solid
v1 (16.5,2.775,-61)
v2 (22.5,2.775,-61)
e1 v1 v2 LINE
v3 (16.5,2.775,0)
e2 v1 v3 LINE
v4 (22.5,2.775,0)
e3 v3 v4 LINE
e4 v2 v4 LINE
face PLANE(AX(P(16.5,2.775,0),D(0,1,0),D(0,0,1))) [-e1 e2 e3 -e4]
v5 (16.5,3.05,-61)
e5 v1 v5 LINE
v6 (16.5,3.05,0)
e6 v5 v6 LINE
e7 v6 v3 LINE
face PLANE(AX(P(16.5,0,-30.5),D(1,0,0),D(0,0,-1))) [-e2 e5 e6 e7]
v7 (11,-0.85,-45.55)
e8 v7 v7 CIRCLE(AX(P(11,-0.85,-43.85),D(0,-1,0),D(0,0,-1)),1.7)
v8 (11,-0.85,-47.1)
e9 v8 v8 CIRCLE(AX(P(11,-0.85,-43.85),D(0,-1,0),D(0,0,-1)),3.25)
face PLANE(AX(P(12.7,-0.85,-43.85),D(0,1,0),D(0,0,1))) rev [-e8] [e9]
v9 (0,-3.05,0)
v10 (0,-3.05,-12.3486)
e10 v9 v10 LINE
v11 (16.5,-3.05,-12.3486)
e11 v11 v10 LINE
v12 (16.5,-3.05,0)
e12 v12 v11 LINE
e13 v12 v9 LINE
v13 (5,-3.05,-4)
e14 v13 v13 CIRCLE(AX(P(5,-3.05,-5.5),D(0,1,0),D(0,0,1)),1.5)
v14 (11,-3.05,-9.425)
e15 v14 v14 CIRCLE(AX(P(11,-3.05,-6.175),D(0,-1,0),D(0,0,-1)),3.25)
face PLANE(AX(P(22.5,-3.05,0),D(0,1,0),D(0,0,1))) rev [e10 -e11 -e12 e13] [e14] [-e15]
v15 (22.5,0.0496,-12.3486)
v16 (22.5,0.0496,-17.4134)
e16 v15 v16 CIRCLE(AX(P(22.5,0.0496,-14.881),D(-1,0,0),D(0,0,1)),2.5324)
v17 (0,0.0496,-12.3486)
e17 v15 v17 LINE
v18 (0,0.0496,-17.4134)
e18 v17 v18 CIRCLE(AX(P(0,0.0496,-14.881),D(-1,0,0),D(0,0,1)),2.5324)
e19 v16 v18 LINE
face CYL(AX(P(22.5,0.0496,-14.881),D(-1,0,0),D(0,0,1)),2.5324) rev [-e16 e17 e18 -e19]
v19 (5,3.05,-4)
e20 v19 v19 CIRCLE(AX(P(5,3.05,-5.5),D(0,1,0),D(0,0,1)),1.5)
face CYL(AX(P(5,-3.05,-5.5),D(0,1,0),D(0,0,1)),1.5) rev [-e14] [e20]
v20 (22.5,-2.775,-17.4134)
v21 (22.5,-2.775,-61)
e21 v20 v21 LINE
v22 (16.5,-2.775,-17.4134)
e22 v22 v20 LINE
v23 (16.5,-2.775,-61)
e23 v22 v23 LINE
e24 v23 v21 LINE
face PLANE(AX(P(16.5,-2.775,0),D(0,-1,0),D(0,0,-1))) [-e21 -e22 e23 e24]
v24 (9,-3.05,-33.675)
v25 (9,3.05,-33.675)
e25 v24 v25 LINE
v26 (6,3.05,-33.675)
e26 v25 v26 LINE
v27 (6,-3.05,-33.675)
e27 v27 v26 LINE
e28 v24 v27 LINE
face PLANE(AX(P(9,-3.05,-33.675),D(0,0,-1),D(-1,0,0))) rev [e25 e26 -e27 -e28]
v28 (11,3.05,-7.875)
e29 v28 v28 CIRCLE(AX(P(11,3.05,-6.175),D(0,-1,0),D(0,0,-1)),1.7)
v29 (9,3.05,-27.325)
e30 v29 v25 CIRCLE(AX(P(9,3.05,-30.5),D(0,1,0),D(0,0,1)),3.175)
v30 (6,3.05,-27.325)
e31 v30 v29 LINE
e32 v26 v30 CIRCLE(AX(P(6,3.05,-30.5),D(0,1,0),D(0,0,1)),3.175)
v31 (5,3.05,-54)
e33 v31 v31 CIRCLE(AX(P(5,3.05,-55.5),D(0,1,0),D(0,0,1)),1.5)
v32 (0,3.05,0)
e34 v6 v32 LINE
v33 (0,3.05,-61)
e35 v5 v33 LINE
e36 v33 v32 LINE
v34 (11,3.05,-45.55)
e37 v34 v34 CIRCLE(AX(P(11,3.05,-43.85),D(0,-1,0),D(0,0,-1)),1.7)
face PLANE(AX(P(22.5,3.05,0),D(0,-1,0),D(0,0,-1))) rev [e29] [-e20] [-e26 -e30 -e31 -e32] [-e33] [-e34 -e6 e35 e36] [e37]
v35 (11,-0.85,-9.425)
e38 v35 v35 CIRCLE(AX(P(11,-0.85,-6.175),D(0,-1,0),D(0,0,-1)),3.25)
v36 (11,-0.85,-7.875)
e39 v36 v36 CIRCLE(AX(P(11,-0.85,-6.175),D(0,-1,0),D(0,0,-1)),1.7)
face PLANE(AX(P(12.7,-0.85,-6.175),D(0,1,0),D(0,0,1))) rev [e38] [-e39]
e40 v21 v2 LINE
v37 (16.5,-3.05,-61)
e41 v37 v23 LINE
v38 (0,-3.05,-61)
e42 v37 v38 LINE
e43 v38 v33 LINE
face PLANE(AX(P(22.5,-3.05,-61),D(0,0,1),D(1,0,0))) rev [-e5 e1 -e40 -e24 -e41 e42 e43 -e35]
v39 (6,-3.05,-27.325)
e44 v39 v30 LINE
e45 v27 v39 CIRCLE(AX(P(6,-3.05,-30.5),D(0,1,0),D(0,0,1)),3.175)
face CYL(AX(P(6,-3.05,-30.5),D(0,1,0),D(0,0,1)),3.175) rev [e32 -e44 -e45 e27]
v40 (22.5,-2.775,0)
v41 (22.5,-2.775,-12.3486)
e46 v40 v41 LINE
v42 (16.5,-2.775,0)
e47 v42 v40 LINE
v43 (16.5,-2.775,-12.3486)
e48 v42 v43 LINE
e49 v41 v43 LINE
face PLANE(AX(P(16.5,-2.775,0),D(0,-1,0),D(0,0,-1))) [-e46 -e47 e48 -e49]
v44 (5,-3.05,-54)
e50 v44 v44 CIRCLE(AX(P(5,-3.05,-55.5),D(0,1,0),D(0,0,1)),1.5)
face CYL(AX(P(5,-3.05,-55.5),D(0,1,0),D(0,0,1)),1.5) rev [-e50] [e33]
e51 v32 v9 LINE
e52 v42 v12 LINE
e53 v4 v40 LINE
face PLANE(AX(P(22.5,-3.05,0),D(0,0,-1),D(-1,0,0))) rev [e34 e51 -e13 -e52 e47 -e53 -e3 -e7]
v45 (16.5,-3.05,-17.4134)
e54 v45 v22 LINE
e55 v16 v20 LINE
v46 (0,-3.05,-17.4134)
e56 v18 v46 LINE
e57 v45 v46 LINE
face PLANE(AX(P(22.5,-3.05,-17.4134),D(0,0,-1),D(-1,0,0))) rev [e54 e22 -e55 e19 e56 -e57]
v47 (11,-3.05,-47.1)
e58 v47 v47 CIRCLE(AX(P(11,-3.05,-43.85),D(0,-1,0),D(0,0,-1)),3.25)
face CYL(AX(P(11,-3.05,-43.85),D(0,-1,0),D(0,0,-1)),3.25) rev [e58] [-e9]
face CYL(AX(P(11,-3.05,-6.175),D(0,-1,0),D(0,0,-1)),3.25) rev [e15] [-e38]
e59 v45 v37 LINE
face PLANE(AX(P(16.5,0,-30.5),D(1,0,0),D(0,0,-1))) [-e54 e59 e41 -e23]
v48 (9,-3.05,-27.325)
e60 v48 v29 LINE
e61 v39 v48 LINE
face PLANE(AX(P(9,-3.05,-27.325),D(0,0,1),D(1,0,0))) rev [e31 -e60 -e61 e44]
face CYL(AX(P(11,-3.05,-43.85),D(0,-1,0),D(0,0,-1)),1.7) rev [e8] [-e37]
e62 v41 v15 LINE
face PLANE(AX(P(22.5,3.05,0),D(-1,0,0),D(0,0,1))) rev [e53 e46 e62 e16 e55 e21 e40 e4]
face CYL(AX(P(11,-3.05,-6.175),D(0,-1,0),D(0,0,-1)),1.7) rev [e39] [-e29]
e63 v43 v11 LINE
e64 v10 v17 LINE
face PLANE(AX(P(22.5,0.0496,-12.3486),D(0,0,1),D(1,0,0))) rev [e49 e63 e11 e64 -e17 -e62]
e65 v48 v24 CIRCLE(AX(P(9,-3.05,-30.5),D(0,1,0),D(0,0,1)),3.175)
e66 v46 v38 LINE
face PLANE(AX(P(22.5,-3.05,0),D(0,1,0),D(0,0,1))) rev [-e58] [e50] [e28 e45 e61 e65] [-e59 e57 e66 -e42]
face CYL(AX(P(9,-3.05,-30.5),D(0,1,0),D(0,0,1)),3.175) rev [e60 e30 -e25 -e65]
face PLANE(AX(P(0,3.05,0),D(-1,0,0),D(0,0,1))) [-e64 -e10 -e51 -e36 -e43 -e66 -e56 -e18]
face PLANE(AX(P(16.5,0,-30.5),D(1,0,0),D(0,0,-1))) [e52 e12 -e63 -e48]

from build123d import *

# Parameters (mm, degrees)
SKETCH1_W                                        = 61
SKETCH1_H                                        = 6.1
BOSS_EXTRUDE1_DEPTH                              = 22.5
SKETCH2_OUTSIDE_W                                = 76.06
SKETCH2_OUTSIDE_H                                = 21.16
SKETCH2_OUTSIDE_W_2                              = 61
SKETCH2_OUTSIDE_H_2                              = 5.55
CUT_EXTRUDE1_DEPTH                               = 6
CUT_EXTRUDE3_DEPTH                               = 23.5
CUT_EXTRUDE4_DEPTH                               = 7.1
SKETCH7_R                                        = 1.5
CUT_EXTRUDE5_DEPTH                               = 7.1
CBORE_FOR_M3_PAN_HEAD_MACHINE_SCREW2_D           = 3.4
CBORE_FOR_M3_PAN_HEAD_MACHINE_SCREW2_CBORE_D     = 6.5
CBORE_FOR_M3_PAN_HEAD_MACHINE_SCREW2_CBORE_DEPTH = 2.2


with BuildPart() as part:
    # Sketch1 → Boss-Extrude1 (new body)
    with BuildSketch(Plane(origin=(0, 0, 0), x_dir=(0, 0, -1), z_dir=(1, 0, 0))):
        with Locations((30.5, 0)):
            Rectangle(SKETCH1_W, SKETCH1_H)
    extrude(amount=BOSS_EXTRUDE1_DEPTH)

    # Sketch2 outside → Cut-Extrude1 (cut)
    with BuildSketch(Plane(origin=(22.5, 0, 0), x_dir=(0, 0, -1), z_dir=(1, 0, 0))):
        with Locations((30.5, 0)):
            Rectangle(SKETCH2_OUTSIDE_W, SKETCH2_OUTSIDE_H)
        with Locations((30.5, 0)):
            Rectangle(SKETCH2_OUTSIDE_W_2, SKETCH2_OUTSIDE_H_2, mode=Mode.SUBTRACT)
    extrude(amount=-CUT_EXTRUDE1_DEPTH, mode=Mode.SUBTRACT)

    # Sketch5 → Cut-Extrude3 (cut, through all)
    with BuildSketch(Plane.ZY):
        with BuildLine():
            Line((-12.3486, 0.0496), (-12.3486, -3.05))
            Line((-12.3486, -3.05), (-17.4134, -3.05))
            Line((-17.4134, -3.05), (-17.4134, 0.0496))
            ThreePointArc((-17.4134, 0.0496), (-14.881, 2.582), (-12.3486, 0.0496))
        make_face()
    extrude(amount=-CUT_EXTRUDE3_DEPTH, mode=Mode.SUBTRACT)

    # Sketch6 → Cut-Extrude4 (cut, through all)
    with BuildSketch(Plane(origin=(0, 3.05, 0), x_dir=(1, 0, 0), z_dir=(0, 1, 0))):
        with BuildLine():
            Line((9, 27.325), (6, 27.325))
            ThreePointArc((6, 27.325), (2.825, 30.5), (6, 33.675))
            Line((6, 33.675), (9, 33.675))
            ThreePointArc((9, 33.675), (12.175, 30.5), (9, 27.325))
        make_face()
    extrude(amount=-CUT_EXTRUDE4_DEPTH, mode=Mode.SUBTRACT)

    # Sketch7 → Cut-Extrude5 (cut, through all)
    with BuildSketch(Plane(origin=(0, 3.05, 0), x_dir=(1, 0, 0), z_dir=(0, 1, 0))):
        with Locations(Location((5, 55.5, 0), (0, 0, 270))):  # turned: the seam where the file's is
            Circle(SKETCH7_R)
        with Locations(Location((5, 5.5, 0), (0, 0, 270))):  # turned: the seam where the file's is
            Circle(SKETCH7_R)
    extrude(amount=-CUT_EXTRUDE5_DEPTH, mode=Mode.SUBTRACT)

    # CBORE for M3 Pan Head Machine Screw2 (through all)
    with Locations(Plane(origin=(0, -3.05, 0), x_dir=(-1, 0, 0), z_dir=(0, -1, 0))):
        with Locations((-11, 6.175), (-11, 43.85)):
            CounterBoreHole(CBORE_FOR_M3_PAN_HEAD_MACHINE_SCREW2_D / 2, CBORE_FOR_M3_PAN_HEAD_MACHINE_SCREW2_CBORE_D / 2, CBORE_FOR_M3_PAN_HEAD_MACHINE_SCREW2_CBORE_DEPTH)


solid = part.part
